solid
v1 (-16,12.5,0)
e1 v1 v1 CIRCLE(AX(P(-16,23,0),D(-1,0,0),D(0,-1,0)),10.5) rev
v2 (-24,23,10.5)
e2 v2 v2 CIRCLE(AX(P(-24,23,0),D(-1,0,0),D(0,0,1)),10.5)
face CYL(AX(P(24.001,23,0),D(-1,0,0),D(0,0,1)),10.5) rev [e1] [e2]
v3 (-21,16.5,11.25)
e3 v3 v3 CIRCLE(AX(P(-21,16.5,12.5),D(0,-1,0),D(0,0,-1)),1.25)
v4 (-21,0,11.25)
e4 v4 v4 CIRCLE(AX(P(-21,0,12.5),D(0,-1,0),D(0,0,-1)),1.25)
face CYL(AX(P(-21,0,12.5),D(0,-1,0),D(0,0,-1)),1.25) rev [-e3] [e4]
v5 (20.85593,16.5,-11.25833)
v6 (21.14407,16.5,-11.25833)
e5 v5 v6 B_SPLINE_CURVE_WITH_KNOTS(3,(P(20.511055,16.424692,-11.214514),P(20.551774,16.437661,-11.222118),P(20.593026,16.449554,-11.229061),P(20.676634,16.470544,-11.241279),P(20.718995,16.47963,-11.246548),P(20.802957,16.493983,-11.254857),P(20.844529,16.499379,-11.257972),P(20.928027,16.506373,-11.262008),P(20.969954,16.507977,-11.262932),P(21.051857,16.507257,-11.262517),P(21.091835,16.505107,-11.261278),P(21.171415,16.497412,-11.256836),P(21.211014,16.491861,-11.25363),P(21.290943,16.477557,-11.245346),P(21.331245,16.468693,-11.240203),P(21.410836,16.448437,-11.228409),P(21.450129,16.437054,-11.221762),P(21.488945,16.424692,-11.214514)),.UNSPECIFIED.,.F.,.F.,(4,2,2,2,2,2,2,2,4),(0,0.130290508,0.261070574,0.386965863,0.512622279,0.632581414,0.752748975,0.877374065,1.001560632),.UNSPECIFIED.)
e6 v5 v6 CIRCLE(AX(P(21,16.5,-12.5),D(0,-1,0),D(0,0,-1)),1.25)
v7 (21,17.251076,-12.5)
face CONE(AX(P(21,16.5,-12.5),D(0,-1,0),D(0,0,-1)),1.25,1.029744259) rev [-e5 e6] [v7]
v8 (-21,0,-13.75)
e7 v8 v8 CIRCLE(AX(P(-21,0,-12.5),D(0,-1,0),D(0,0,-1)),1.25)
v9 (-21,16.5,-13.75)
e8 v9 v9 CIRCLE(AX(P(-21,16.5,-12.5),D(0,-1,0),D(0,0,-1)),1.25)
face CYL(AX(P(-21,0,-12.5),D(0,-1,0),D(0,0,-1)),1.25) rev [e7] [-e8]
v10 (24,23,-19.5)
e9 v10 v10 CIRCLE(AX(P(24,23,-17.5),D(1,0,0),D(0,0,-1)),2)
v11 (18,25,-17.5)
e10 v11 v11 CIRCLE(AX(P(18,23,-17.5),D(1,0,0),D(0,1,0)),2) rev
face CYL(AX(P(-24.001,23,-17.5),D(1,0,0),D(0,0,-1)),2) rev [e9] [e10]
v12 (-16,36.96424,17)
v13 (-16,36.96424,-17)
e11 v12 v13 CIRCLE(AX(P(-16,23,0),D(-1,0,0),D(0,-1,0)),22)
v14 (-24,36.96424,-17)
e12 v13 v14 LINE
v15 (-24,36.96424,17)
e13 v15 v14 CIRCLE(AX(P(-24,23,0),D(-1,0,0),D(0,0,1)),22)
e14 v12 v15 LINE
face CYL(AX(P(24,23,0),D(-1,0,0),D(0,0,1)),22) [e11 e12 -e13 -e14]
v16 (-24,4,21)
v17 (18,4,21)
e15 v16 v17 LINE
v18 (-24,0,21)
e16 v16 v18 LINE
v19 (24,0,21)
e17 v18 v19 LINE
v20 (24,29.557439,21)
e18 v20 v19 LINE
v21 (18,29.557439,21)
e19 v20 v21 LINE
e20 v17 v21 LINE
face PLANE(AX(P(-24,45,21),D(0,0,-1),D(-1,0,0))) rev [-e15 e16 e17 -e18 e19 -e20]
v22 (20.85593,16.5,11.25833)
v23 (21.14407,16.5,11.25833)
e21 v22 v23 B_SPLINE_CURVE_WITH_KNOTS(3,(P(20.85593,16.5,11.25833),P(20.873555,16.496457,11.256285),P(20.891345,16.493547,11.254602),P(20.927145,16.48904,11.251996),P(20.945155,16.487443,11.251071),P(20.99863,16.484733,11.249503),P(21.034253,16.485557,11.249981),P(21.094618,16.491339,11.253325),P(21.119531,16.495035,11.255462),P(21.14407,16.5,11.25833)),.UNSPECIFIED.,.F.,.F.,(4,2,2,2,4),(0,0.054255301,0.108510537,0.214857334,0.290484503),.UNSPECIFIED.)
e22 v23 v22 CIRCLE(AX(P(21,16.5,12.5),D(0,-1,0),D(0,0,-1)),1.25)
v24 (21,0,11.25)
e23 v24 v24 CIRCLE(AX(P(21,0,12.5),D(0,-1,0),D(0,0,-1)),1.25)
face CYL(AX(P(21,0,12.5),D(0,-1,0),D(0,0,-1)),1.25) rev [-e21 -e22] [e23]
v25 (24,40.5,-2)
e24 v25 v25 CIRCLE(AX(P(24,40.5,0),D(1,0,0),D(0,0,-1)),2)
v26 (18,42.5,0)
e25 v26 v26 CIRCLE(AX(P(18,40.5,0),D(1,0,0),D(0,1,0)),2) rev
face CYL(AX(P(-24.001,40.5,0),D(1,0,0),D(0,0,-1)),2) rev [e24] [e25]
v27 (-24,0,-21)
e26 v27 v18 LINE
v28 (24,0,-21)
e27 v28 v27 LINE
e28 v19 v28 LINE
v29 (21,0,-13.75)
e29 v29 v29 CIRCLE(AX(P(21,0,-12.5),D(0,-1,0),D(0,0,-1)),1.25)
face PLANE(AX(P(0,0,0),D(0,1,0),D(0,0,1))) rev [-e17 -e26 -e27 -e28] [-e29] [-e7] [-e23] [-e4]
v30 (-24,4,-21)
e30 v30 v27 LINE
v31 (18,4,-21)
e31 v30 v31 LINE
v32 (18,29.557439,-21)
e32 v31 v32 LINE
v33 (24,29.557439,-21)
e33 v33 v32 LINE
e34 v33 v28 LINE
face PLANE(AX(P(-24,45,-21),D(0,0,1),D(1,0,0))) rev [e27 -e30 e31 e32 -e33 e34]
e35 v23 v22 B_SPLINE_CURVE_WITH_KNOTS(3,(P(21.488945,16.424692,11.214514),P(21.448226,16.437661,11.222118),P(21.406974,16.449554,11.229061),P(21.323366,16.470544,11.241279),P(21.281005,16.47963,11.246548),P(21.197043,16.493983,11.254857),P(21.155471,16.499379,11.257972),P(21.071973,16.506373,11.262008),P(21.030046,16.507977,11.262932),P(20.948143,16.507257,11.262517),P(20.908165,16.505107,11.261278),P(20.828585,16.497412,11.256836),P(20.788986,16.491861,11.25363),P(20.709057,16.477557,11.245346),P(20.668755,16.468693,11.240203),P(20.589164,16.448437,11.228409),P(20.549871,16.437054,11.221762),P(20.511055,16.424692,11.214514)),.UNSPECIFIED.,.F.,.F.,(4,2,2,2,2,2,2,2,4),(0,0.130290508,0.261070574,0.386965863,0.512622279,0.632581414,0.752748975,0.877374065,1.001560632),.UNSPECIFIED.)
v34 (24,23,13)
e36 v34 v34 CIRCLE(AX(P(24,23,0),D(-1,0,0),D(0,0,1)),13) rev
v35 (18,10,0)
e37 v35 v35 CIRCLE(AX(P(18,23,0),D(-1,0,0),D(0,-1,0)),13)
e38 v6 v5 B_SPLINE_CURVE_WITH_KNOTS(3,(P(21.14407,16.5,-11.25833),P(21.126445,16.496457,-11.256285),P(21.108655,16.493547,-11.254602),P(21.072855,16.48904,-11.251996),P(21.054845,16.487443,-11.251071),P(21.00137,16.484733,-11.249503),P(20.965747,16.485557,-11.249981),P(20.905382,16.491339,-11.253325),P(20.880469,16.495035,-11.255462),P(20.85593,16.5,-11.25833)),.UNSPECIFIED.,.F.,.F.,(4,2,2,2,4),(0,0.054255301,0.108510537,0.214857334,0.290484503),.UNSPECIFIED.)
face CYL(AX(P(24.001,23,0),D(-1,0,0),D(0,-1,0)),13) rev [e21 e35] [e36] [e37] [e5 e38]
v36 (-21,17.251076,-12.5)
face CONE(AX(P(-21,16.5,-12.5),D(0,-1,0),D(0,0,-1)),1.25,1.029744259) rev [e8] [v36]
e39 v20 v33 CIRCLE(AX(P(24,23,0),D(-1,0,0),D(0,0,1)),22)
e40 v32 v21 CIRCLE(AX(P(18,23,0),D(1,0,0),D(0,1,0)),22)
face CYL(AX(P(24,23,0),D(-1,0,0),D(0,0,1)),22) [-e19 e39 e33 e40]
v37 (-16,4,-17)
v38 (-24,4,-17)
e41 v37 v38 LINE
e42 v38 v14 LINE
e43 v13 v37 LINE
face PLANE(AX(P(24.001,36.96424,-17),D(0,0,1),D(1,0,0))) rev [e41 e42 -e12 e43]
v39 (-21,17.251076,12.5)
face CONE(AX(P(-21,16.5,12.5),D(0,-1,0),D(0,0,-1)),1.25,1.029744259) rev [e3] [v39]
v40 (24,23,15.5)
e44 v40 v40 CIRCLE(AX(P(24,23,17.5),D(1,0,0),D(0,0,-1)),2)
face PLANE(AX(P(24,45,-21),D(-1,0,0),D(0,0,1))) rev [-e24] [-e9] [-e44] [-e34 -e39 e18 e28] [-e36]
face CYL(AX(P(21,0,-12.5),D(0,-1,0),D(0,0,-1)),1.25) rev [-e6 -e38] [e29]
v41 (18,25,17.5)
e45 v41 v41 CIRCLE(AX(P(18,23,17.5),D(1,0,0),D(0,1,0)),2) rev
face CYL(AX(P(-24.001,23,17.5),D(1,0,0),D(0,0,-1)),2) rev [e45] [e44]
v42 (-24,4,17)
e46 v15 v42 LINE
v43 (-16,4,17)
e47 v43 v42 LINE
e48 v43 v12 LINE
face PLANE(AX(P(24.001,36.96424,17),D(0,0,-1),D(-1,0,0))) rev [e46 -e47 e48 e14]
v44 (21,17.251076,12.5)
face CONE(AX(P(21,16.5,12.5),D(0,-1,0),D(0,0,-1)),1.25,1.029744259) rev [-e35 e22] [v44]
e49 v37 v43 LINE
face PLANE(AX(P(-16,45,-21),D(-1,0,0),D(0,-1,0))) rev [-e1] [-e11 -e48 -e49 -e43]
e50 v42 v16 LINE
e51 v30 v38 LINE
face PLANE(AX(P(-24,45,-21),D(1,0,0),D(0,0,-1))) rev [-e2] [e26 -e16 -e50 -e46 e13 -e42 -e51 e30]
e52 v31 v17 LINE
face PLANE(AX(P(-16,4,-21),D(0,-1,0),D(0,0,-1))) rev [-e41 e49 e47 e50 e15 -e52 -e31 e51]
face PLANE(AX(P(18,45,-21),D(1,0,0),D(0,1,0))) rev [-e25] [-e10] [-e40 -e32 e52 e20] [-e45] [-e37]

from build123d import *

# Parameters (mm, degrees)
SKETCH_1_W               = 48
SKETCH_1_H               = 42
EXTRUDE_1_DEPTH          = 45
CUT_EXTRUDE_1_DEPTH      = 56.154328933
CUT_EXTRUDE_1_DEPTH_BACK = 56.154328933
SKETCH_2_W               = 34
SKETCH_2_H               = 41
CUT_EXTRUDE_2_REACH      = 71.065
SKETCH_3_R               = 10.5
CUT_EXTRUDE_3_REACH      = 67.038
SKETCH_4_R               = 13
CUT_EXTRUDE_4_REACH      = 71.065
SKETCH_5_R               = 2
CUT_EXTRUDE_5_DEPTH      = 70.065186599
CUT_EXTRUDE_6_REACH      = 71.065
HOLE_WIZARD_M3_1_D       = 2.5
HOLE_WIZARD_M3_1_DEPTH   = 16.5
HOLE_WIZARD_M3_1_TIP     = 0.751075774


with BuildPart() as part:
    # 草图1 → 凸台-拉伸1 (new body)
    with BuildSketch(Plane(origin=(0, 0, 0), x_dir=(1, 0, 0), z_dir=(0, 1, 0))):
        Rectangle(SKETCH_1_W, SKETCH_1_H)
    extrude(amount=EXTRUDE_1_DEPTH)

    # 草图2 → 切除-拉伸1 (cut, two sides: drawn at the far end of the back side and taken through both)
    with BuildSketch(Plane.XY.offset(-CUT_EXTRUDE_1_DEPTH_BACK)):
        with Locations((1, 24.5)):
            Rectangle(SKETCH_2_W, SKETCH_2_H)
    extrude(amount=CUT_EXTRUDE_1_DEPTH + CUT_EXTRUDE_1_DEPTH_BACK, mode=Mode.SUBTRACT)

    # 草图3 → 切除-拉伸2 (cut, up to next)
    with BuildSketch(Plane.ZY.offset(24), mode=Mode.PRIVATE) as cut_extrude_2_sk1:
        with Locations((0, 23)):
            Circle(SKETCH_3_R)
    cut_extrude_2_tool1 = extrude(cut_extrude_2_sk1.sketch, amount=-CUT_EXTRUDE_2_REACH, mode=Mode.PRIVATE) & part.part
    add(cut_extrude_2_tool1.solids().sort_by_distance((-24, 23, 0))[0], mode=Mode.SUBTRACT)

    # 草图4 → 切除-拉伸3 (cut, up to next)
    with BuildSketch(Plane.ZY.offset(-18), mode=Mode.PRIVATE) as cut_extrude_3_sk1:
        with Locations(Location((0, 23, 0), (0, 0, 270))):
            Circle(SKETCH_4_R)
    cut_extrude_3_tool1 = extrude(cut_extrude_3_sk1.sketch, amount=-CUT_EXTRUDE_3_REACH, mode=Mode.PRIVATE) & part.part
    add(cut_extrude_3_tool1.solids().sort_by_distance((18, 23, 0))[0], mode=Mode.SUBTRACT)

    # 草图5 → 切除-拉伸4 (cut, up to next)
    with BuildSketch(Plane(origin=(24, 0, 0), x_dir=(0, 0, -1), z_dir=(1, 0, 0)), mode=Mode.PRIVATE) as cut_extrude_4_sk1:
        with Locations((17.5, 23)):
            Circle(SKETCH_5_R)
    cut_extrude_4_tool1 = extrude(cut_extrude_4_sk1.sketch, amount=-CUT_EXTRUDE_4_REACH, mode=Mode.PRIVATE) & part.part
    # 草图5 → 切除-拉伸4 (cut, up to next)
    with BuildSketch(Plane(origin=(24, 0, 0), x_dir=(0, 0, -1), z_dir=(1, 0, 0)), mode=Mode.PRIVATE) as cut_extrude_4_sk2:
        with Locations((-17.5, 23)):
            Circle(SKETCH_5_R)
    cut_extrude_4_tool2 = extrude(cut_extrude_4_sk2.sketch, amount=-CUT_EXTRUDE_4_REACH, mode=Mode.PRIVATE) & part.part
    # 草图5 → 切除-拉伸4 (cut, up to next)
    with BuildSketch(Plane(origin=(24, 0, 0), x_dir=(0, 0, -1), z_dir=(1, 0, 0)), mode=Mode.PRIVATE) as cut_extrude_4_sk3:
        with Locations((0, 40.5)):
            Circle(SKETCH_5_R)
    cut_extrude_4_tool3 = extrude(cut_extrude_4_sk3.sketch, amount=-CUT_EXTRUDE_4_REACH, mode=Mode.PRIVATE) & part.part
    add(cut_extrude_4_tool1.solids().sort_by_distance((24, 23, -17.5))[0], mode=Mode.SUBTRACT)
    add(cut_extrude_4_tool2.solids().sort_by_distance((24, 23, 17.5))[0], mode=Mode.SUBTRACT)
    add(cut_extrude_4_tool3.solids().sort_by_distance((24, 40.5, 0))[0], mode=Mode.SUBTRACT)

    # 草图6 → 切除-拉伸5 (cut, through all)
    with BuildSketch(Plane.ZY.offset(24)):
        with BuildLine():
            ThreePointArc((0, 45), (13.033348619, 40.723764379), (21, 29.557438524))
            Line((21, 29.557438524), (21, 45))
            Line((21, 45), (0, 45))
        make_face()
        with BuildLine():
            ThreePointArc((-21, 29.557438524), (-13.033348619, 40.723764379), (0, 45))
            Line((0, 45), (-21, 45))
            Line((-21, 45), (-21, 29.557438524))
        make_face()
    extrude(amount=-CUT_EXTRUDE_5_DEPTH, mode=Mode.SUBTRACT)

    # 草图7 → 切除-拉伸6 (cut, up to next)
    with BuildSketch(Plane.ZY.offset(24), mode=Mode.PRIVATE) as cut_extrude_6_sk1:
        with BuildLine():
            Line((-17, 36.964240044), (-17, 4))
            Line((-17, 4), (-21, 4))
            Line((-21, 4), (-21, 29.557438524))
            ThreePointArc((-21, 29.557438524), (-19.357561241, 33.453938149), (-17, 36.964240044))
        make_face()
    cut_extrude_6_tool1 = extrude(cut_extrude_6_sk1.sketch, amount=-CUT_EXTRUDE_6_REACH, mode=Mode.PRIVATE) & part.part
    # 草图7 → 切除-拉伸6 (cut, up to next)
    with BuildSketch(Plane.ZY.offset(24), mode=Mode.PRIVATE) as cut_extrude_6_sk2:
        with BuildLine():
            Line((21, 29.557438524), (21, 4))
            Line((21, 4), (17, 4))
            Line((17, 4), (17, 36.964240044))
            ThreePointArc((17, 36.964240044), (19.357561241, 33.453938149), (21, 29.557438524))
        make_face()
    cut_extrude_6_tool2 = extrude(cut_extrude_6_sk2.sketch, amount=-CUT_EXTRUDE_6_REACH, mode=Mode.PRIVATE) & part.part
    add(cut_extrude_6_tool1.solids().sort_by_distance((-24, 18.988652, -18.919979))[0], mode=Mode.SUBTRACT)
    add(cut_extrude_6_tool2.solids().sort_by_distance((-24, 18.988652, 18.919979))[0], mode=Mode.SUBTRACT)

    # M3 螺纹孔1
    with Locations(Plane(origin=(21, 0, -12.5), x_dir=(0, 0, -1), z_dir=(0, -1, 0))):
        with Locations((0, 0), (-25, 0), (-25, -42), (0, -42)):
            Hole(HOLE_WIZARD_M3_1_D / 2, depth=HOLE_WIZARD_M3_1_DEPTH)
            with Locations((0, 0, -(HOLE_WIZARD_M3_1_DEPTH + HOLE_WIZARD_M3_1_TIP / 2))):  # 118° drill point
                Cone(0, HOLE_WIZARD_M3_1_D / 2, HOLE_WIZARD_M3_1_TIP, mode=Mode.SUBTRACT)


solid = part.part
